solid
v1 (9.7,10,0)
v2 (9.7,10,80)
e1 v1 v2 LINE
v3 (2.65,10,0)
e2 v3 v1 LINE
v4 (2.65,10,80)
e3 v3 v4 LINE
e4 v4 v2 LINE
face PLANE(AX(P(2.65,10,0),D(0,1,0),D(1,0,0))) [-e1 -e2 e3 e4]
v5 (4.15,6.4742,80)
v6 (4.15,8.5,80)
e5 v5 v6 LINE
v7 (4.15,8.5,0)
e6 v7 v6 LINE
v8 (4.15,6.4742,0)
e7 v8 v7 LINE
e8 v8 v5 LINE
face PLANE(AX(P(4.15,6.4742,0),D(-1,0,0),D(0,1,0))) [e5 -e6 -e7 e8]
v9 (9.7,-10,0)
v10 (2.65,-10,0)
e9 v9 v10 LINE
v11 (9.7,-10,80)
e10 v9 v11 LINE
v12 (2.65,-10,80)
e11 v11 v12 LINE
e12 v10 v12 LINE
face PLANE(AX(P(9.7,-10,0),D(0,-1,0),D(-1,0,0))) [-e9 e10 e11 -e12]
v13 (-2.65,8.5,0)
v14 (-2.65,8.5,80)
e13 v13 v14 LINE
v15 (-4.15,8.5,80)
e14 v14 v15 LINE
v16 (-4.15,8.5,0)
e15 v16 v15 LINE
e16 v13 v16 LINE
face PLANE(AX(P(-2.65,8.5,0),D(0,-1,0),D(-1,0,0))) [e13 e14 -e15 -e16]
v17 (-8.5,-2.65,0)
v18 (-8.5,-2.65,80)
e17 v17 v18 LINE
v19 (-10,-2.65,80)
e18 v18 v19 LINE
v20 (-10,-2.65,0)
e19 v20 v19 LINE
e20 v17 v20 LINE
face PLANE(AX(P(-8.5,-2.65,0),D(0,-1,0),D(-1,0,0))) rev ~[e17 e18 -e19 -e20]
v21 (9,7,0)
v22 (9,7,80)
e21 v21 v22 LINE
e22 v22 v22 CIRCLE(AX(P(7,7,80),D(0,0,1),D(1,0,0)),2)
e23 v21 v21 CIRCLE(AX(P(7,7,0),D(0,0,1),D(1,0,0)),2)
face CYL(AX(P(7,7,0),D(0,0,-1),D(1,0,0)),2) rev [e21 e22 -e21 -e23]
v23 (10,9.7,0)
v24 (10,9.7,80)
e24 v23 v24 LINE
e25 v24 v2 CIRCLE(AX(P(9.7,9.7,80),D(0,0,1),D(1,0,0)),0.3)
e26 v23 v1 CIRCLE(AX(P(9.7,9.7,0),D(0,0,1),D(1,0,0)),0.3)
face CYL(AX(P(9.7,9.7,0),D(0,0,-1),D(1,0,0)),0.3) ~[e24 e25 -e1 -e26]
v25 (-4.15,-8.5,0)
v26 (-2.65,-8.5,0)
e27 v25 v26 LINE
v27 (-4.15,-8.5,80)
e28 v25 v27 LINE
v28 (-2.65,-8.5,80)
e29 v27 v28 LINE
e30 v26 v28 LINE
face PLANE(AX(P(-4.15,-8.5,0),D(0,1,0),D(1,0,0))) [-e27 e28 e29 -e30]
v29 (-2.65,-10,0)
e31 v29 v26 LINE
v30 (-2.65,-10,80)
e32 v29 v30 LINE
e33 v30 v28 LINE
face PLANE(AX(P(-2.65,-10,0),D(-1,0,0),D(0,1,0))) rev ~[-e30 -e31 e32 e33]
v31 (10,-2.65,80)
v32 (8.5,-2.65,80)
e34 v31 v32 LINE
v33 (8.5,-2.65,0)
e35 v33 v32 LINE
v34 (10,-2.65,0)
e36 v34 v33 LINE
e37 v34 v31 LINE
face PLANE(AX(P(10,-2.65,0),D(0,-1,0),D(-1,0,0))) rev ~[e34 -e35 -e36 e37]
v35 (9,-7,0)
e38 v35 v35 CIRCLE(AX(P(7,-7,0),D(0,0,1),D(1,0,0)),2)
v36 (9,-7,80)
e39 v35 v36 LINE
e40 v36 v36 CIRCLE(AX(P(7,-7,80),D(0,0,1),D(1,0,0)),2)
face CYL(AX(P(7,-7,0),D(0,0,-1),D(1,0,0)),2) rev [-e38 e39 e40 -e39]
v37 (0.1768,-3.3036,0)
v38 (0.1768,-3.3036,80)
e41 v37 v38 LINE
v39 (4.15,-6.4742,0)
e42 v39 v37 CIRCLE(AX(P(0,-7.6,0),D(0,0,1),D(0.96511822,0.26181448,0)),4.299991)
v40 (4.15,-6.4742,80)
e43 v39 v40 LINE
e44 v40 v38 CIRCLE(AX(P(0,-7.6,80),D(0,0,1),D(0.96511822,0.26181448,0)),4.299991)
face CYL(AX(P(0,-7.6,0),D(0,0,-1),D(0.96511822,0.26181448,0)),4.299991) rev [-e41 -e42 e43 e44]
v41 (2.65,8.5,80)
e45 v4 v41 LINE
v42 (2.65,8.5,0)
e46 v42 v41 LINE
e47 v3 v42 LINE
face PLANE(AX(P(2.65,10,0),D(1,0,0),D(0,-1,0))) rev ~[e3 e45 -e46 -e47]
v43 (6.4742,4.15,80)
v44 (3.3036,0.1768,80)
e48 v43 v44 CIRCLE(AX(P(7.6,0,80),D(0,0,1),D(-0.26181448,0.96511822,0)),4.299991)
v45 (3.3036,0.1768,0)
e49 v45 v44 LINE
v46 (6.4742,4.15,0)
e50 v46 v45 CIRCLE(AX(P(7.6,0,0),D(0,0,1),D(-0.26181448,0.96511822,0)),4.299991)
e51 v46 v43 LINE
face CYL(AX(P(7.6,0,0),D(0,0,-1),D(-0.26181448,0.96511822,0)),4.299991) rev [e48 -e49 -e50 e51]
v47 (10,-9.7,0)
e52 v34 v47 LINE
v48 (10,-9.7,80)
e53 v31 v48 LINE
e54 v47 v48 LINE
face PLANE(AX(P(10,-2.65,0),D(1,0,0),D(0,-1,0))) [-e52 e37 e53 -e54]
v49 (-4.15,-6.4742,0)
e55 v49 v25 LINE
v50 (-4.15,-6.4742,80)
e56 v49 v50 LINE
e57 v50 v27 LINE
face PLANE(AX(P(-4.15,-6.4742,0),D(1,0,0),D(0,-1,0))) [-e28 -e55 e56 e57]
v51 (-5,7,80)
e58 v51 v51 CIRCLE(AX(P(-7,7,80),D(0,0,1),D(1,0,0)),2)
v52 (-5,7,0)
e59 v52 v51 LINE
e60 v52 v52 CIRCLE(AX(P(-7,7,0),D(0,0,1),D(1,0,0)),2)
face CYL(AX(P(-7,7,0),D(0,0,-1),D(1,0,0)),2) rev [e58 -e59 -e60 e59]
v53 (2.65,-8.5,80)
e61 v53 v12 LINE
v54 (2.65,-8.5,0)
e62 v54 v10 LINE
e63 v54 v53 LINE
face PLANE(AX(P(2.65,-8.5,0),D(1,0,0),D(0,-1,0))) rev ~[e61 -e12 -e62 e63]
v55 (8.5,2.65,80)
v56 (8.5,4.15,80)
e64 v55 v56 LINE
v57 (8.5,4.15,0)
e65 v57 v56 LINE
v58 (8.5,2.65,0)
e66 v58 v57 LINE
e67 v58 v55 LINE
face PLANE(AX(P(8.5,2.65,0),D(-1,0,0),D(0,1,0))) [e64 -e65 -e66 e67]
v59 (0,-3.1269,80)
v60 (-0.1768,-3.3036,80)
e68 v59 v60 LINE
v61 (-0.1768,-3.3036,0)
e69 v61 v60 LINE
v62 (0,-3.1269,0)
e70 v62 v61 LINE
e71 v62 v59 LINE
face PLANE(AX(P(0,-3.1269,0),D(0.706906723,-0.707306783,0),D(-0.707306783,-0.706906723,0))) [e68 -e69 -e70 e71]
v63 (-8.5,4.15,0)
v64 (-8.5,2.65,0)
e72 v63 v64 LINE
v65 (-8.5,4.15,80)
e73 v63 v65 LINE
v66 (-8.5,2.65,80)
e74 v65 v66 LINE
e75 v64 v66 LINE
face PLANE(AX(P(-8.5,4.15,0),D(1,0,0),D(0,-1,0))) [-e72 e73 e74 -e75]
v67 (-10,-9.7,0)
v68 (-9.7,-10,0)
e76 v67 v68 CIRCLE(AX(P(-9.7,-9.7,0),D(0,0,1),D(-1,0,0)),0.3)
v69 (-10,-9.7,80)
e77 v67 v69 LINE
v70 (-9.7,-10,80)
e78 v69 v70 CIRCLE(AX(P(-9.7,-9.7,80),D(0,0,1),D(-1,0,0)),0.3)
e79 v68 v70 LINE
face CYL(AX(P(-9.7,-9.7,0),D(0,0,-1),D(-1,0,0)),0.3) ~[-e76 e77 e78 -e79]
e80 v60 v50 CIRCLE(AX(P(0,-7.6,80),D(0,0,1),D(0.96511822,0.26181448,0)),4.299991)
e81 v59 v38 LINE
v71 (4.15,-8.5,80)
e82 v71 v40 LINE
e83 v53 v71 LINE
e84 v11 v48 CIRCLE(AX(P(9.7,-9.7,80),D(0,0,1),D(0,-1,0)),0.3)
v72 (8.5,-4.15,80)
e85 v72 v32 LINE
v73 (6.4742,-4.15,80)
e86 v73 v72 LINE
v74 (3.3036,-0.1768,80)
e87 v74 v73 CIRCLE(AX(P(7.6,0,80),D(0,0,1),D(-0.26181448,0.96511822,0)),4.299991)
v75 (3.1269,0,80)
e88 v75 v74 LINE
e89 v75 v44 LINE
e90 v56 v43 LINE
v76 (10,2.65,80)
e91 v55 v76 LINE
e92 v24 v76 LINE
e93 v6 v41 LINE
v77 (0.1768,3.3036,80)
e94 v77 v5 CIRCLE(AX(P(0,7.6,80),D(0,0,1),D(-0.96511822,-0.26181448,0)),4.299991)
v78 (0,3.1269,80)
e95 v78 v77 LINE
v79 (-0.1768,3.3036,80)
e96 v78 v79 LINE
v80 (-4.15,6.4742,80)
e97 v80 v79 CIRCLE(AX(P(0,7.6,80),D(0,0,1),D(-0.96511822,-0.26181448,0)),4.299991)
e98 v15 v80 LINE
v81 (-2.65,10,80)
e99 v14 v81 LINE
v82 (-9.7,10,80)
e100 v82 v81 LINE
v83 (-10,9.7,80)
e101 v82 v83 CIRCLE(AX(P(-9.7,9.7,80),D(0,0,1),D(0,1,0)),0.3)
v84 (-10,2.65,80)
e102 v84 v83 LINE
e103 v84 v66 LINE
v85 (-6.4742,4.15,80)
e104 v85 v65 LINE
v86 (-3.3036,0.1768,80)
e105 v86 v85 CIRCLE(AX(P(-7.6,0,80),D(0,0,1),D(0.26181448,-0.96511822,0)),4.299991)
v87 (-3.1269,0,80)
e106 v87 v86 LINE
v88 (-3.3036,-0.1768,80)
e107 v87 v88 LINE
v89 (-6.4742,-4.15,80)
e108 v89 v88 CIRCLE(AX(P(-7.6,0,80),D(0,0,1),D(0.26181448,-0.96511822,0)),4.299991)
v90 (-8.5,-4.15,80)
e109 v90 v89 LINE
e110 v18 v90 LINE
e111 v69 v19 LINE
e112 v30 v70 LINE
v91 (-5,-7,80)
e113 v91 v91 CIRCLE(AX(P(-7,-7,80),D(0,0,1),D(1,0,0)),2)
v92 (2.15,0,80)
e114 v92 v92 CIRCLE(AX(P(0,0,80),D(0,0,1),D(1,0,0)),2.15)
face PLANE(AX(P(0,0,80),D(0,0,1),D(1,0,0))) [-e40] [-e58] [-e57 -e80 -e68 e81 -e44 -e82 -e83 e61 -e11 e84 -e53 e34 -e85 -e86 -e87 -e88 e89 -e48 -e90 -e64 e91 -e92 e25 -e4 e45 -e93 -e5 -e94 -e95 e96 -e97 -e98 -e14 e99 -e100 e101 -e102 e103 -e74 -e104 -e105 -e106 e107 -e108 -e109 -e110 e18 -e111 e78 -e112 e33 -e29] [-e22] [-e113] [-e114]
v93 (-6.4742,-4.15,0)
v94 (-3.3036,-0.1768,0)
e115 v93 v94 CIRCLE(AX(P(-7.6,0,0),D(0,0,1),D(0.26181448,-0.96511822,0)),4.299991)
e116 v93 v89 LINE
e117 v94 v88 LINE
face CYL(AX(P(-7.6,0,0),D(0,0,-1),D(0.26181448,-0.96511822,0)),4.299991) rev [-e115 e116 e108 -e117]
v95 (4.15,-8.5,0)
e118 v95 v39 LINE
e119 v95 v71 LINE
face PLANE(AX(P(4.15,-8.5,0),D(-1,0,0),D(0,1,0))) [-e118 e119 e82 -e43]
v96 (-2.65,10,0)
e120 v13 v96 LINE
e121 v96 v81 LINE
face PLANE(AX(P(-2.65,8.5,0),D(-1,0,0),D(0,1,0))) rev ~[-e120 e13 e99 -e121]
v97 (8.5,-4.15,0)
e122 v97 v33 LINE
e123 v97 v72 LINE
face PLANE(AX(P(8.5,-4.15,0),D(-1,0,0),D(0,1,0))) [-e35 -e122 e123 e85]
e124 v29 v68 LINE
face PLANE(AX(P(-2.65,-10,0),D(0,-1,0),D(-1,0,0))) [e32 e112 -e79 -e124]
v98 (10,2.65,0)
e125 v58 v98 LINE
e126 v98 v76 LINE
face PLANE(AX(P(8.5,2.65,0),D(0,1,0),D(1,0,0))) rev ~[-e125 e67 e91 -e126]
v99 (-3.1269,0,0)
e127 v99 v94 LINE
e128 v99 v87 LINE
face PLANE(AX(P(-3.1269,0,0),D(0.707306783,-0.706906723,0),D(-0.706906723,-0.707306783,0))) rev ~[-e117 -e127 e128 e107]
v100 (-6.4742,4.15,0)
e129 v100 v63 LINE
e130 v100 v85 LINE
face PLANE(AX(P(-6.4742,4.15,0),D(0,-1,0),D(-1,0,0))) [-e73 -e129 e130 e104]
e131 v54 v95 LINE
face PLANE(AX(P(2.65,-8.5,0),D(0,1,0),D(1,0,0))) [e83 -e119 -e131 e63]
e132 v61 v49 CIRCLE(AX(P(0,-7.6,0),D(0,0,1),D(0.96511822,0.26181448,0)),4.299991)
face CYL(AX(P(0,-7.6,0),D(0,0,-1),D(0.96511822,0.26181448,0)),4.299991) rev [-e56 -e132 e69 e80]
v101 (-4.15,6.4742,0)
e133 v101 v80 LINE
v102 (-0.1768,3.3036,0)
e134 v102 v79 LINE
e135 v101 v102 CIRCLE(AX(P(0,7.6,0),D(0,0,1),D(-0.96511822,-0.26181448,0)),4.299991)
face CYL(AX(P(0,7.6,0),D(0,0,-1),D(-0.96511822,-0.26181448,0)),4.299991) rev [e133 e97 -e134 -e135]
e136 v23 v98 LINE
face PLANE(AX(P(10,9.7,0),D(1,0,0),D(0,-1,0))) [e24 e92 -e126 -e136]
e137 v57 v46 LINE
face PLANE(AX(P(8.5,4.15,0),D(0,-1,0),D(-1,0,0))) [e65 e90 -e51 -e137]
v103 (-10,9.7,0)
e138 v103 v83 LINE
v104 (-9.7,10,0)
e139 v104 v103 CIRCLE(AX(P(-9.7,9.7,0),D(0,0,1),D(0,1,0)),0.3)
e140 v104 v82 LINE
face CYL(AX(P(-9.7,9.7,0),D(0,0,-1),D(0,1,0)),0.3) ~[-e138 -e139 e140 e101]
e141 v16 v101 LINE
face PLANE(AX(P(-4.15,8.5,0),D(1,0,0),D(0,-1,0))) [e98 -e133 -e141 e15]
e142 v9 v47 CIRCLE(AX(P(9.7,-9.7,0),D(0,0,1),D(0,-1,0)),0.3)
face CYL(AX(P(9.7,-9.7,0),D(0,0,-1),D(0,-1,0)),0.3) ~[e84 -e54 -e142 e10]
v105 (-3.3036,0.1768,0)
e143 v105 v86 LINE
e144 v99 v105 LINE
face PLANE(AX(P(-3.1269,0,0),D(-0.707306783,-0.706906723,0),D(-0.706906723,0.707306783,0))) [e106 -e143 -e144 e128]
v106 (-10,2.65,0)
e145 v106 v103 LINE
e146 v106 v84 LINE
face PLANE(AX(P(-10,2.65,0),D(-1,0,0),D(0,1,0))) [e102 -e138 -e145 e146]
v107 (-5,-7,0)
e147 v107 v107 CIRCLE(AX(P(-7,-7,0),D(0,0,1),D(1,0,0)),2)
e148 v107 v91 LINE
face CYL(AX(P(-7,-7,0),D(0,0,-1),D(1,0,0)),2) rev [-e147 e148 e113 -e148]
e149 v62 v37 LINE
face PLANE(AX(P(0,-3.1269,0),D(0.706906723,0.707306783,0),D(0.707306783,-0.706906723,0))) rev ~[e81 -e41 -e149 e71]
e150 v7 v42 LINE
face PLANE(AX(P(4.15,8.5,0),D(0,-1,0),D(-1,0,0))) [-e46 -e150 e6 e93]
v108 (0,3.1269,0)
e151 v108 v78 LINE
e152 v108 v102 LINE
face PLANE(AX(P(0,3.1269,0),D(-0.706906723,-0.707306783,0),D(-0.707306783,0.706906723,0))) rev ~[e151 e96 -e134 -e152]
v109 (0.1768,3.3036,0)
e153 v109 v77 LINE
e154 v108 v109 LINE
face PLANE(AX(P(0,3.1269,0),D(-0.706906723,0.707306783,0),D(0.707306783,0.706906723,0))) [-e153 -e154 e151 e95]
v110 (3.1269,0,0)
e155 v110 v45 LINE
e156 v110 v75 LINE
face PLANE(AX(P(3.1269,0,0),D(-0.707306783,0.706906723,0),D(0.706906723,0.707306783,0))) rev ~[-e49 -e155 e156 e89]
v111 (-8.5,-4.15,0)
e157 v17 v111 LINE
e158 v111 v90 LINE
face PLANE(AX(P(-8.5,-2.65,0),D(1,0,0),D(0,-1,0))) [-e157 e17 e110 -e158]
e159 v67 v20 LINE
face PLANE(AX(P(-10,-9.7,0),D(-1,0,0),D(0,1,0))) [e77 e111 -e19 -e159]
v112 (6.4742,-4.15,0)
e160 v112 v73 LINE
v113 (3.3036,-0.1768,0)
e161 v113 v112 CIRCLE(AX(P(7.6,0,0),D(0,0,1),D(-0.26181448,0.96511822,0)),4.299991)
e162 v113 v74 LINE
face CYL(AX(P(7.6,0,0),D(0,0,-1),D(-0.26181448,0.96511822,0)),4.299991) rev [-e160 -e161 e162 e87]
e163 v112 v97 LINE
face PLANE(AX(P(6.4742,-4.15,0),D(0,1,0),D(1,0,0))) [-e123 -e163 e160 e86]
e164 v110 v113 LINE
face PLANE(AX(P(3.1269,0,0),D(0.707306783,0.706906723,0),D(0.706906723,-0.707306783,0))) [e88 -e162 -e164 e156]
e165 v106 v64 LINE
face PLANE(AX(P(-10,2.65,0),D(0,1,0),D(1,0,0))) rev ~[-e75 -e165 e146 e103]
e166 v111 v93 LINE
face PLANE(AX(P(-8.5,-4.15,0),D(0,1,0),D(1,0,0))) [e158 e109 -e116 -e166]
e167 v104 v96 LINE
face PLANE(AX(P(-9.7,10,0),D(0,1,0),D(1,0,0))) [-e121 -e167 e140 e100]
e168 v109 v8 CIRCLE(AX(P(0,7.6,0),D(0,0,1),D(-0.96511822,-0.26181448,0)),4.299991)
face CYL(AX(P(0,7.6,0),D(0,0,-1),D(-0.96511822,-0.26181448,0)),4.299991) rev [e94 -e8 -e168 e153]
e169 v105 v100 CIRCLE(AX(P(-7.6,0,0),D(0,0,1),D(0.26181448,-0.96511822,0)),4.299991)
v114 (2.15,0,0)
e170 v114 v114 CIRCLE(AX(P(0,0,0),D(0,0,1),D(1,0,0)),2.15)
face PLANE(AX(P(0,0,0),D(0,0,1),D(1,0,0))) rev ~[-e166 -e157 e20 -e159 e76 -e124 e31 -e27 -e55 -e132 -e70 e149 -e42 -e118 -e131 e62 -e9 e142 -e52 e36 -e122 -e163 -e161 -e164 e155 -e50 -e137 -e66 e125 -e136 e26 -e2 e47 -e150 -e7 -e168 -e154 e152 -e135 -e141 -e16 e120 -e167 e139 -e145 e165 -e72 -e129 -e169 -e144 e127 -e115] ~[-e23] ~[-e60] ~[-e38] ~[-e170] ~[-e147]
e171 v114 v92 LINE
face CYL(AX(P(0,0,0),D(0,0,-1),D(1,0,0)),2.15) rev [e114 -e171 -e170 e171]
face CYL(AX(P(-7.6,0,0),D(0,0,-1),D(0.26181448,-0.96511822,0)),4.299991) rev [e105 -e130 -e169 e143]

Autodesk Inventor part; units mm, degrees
ref_plane "YZ Plane" through (0, 0, 0) normal (1, 0, 0) x (0, 1, 0)
ref_plane "XZ Plane" through (0, 0, 0) normal (0, 1, 0) x (-1, 0, 0)
ref_plane "XY Plane" through (0, 0, 0) normal (0, 0, 1) x (1, 0, 0)
sketch "스케치1" plane through (0, 0, 0) normal (0, 0, 1) x (1, 0, 0)
  line L0 (9.7, -10) -> (-9.7, -10)
  line L1 (-10, -9.7) -> (-10, 9.7)
  line L2 (-9.7, 10) -> (9.7, 10)
  line L3 (10, 9.7) -> (10, -9.7)
  line L4 (10, -10) -> (-10, 10) construction
  line L5 (-10, -10) -> (10, 10) construction
  line L6 (7, -7) -> (-7, -7) construction
  line L7 (-7, -7) -> (-7, 7) construction
  line L8 (-7, 7) -> (7, 7) construction
  line L9 (7, 7) -> (7, -7) construction
  line L10 (7, -7) -> (-7, 7) construction
  line L11 (-7, -7) -> (7, 7) construction
  circle A0 centre (-7, 7) radius 2
  circle A1 centre (0, 0) radius 2.15
  arc A2 (9.7, -10) -> (10, -9.7) centre (9.7, -9.7) ccw
  arc A3 (-10, -9.7) -> (-9.7, -10) centre (-9.7, -9.7) ccw
  arc A4 (-9.7, 10) -> (-10, 9.7) centre (-9.7, 9.7) ccw
  arc A5 (10, 9.7) -> (9.7, 10) centre (9.7, 9.7) ccw
  line L12 (0, 10) -> (0, -10) construction
  line L13 (10, 0) -> (-10, 0) construction
  line L14 (2.65, -10) -> (-2.65, -10)
  line L15 (-2.65, -10) -> (-2.65, -8.5)
  line L16 (-2.65, -8.5) -> (2.65, -8.5)
  line L17 (2.65, -8.5) -> (2.65, -10)
  line L18 (4.15, -3.3) -> (-4.15, -3.3) construction
  line L19 (-4.15, -3.3) -> (-4.15, -8.5) construction
  line L20 (-4.15, -8.5) -> (4.15, -8.5)
  line L21 (4.15, -8.5) -> (4.15, -3.3) construction
  arc A6 (4.15, -6.4742) -> (-4.15, -6.4742) centre (0, -7.6) ccw
  line L22 (42.9153, -82.9009) -> (54.7664, -82.9009) construction
  line L23 (54.7664, -82.9009) -> (54.7664, -95.6544) construction
  line L24 (54.7664, -95.6544) -> (42.9153, -95.6544) construction
  line L25 (42.9153, -95.6544) -> (42.9153, -82.9009) construction
  arc A7 (44.9755, -91.1725) -> (50.2986, -91.1614) centre (47.6297, -87.6532) ccw
  line L26 (0, -3.1269) -> (-0.1768, -3.3036)
  line L27 (0, -3.1269) -> (0, -3.3) construction
  line L28 (0, -3.1269) -> (0.1731, -3.1269) construction
  line L29 (47.4573, -92.1078) -> (47.6389, -92.3063)
  line L30 (0, -3.1269) -> (0.1768, -3.3036)
  line L31 (-4.15, -6.4742) -> (-4.15, -8.5)
  line L32 (4.15, -8.5) -> (4.15, -6.4742)
  arc A8 (6.4742, 4.15) -> (6.4742, -4.15) centre (7.6, 0) ccw
  line L33 (8.5, 4.15) -> (6.4742, 4.15)
  line L34 (3.3, -4.15) -> (8.5, -4.15) construction
  line L35 (6.4742, -4.15) -> (8.5, -4.15)
  line L36 (8.5, -4.15) -> (8.5, 4.15)
  line L37 (10, -2.65) -> (8.5, -2.65)
  line L38 (8.5, 2.65) -> (10, 2.65)
  line L39 (3.1269, 0) -> (3.3036, -0.1768)
  line L40 (3.1269, 0) -> (3.3036, 0.1768)
  arc A9 (-4.15, 6.4742) -> (4.15, 6.4742) centre (0, 7.6) ccw
  line L41 (-4.15, 8.5) -> (-4.15, 6.4742)
  line L42 (4.15, 3.3) -> (4.15, 8.5) construction
  line L43 (4.15, 6.4742) -> (4.15, 8.5)
  line L44 (4.15, 8.5) -> (-4.15, 8.5)
  line L45 (2.65, 10) -> (2.65, 8.5)
  line L46 (-2.65, 8.5) -> (-2.65, 10)
  line L47 (0, 3.1269) -> (0.1768, 3.3036)
  line L48 (0, 3.1269) -> (-0.1768, 3.3036)
  arc A10 (-6.4742, -4.15) -> (-6.4742, 4.15) centre (-7.6, 0) ccw
  line L49 (-8.5, -4.15) -> (-6.4742, -4.15)
  line L50 (-3.3, 4.15) -> (-8.5, 4.15) construction
  line L51 (-6.4742, 4.15) -> (-8.5, 4.15)
  line L52 (-8.5, 4.15) -> (-8.5, -4.15)
  line L53 (-10, 2.65) -> (-8.5, 2.65)
  line L54 (-8.5, -2.65) -> (-10, -2.65)
  line L55 (-3.1269, 0) -> (-3.3036, 0.1768)
  line L56 (-3.1269, 0) -> (-3.3036, -0.1768)
  circle A11 centre (-7, -7) radius 2
  circle A12 centre (7, -7) radius 2
  circle A13 centre (7, 7) radius 2
  point P0 (3.3, 0)
  point P1 (0, 3.3)
  point P2 (-3.3, 0)
  point P3 (6.4742, -4.15)
  point P4 (4.15, 6.4742)
  point P5 (-6.4742, 4.15)
  point P6 (-4.15, -6.4742)
  dimension "d0" = 20
  dimension "d1" = 20
  dimension "d2" = 14
  dimension "d3" = 14
  dimension "d4" = 4
  dimension "d5" = 4.3
  dimension "d6" = 0.3
  dimension "d7" = 5.3
  dimension "d8" = 1.5
  dimension "d9" = 6.7
  dimension "d10" = 8.3
  dimension "d11" = 4.3
  dimension "d28" = 0.25
  dimension "d30" = 90
  dimension "d37" = 45
  dimension "d41" = 360
  dimension "d48" = 360
extrude "돌출1" add sketch "스케치1" along normal blind 80 contours L0 L17 L20 L32 A6 L30 L26 L31 L15 A3 L1 L54 L52 L49 A10 L56 L55 L51 L53 A4 L2 L46 L44 L41 A9 L48 L47 L43 L45 A5 L3 L38 L36 L33 A8 L40 L39 L35 L37 A2
properties part number "SAFRS-P-0014"
